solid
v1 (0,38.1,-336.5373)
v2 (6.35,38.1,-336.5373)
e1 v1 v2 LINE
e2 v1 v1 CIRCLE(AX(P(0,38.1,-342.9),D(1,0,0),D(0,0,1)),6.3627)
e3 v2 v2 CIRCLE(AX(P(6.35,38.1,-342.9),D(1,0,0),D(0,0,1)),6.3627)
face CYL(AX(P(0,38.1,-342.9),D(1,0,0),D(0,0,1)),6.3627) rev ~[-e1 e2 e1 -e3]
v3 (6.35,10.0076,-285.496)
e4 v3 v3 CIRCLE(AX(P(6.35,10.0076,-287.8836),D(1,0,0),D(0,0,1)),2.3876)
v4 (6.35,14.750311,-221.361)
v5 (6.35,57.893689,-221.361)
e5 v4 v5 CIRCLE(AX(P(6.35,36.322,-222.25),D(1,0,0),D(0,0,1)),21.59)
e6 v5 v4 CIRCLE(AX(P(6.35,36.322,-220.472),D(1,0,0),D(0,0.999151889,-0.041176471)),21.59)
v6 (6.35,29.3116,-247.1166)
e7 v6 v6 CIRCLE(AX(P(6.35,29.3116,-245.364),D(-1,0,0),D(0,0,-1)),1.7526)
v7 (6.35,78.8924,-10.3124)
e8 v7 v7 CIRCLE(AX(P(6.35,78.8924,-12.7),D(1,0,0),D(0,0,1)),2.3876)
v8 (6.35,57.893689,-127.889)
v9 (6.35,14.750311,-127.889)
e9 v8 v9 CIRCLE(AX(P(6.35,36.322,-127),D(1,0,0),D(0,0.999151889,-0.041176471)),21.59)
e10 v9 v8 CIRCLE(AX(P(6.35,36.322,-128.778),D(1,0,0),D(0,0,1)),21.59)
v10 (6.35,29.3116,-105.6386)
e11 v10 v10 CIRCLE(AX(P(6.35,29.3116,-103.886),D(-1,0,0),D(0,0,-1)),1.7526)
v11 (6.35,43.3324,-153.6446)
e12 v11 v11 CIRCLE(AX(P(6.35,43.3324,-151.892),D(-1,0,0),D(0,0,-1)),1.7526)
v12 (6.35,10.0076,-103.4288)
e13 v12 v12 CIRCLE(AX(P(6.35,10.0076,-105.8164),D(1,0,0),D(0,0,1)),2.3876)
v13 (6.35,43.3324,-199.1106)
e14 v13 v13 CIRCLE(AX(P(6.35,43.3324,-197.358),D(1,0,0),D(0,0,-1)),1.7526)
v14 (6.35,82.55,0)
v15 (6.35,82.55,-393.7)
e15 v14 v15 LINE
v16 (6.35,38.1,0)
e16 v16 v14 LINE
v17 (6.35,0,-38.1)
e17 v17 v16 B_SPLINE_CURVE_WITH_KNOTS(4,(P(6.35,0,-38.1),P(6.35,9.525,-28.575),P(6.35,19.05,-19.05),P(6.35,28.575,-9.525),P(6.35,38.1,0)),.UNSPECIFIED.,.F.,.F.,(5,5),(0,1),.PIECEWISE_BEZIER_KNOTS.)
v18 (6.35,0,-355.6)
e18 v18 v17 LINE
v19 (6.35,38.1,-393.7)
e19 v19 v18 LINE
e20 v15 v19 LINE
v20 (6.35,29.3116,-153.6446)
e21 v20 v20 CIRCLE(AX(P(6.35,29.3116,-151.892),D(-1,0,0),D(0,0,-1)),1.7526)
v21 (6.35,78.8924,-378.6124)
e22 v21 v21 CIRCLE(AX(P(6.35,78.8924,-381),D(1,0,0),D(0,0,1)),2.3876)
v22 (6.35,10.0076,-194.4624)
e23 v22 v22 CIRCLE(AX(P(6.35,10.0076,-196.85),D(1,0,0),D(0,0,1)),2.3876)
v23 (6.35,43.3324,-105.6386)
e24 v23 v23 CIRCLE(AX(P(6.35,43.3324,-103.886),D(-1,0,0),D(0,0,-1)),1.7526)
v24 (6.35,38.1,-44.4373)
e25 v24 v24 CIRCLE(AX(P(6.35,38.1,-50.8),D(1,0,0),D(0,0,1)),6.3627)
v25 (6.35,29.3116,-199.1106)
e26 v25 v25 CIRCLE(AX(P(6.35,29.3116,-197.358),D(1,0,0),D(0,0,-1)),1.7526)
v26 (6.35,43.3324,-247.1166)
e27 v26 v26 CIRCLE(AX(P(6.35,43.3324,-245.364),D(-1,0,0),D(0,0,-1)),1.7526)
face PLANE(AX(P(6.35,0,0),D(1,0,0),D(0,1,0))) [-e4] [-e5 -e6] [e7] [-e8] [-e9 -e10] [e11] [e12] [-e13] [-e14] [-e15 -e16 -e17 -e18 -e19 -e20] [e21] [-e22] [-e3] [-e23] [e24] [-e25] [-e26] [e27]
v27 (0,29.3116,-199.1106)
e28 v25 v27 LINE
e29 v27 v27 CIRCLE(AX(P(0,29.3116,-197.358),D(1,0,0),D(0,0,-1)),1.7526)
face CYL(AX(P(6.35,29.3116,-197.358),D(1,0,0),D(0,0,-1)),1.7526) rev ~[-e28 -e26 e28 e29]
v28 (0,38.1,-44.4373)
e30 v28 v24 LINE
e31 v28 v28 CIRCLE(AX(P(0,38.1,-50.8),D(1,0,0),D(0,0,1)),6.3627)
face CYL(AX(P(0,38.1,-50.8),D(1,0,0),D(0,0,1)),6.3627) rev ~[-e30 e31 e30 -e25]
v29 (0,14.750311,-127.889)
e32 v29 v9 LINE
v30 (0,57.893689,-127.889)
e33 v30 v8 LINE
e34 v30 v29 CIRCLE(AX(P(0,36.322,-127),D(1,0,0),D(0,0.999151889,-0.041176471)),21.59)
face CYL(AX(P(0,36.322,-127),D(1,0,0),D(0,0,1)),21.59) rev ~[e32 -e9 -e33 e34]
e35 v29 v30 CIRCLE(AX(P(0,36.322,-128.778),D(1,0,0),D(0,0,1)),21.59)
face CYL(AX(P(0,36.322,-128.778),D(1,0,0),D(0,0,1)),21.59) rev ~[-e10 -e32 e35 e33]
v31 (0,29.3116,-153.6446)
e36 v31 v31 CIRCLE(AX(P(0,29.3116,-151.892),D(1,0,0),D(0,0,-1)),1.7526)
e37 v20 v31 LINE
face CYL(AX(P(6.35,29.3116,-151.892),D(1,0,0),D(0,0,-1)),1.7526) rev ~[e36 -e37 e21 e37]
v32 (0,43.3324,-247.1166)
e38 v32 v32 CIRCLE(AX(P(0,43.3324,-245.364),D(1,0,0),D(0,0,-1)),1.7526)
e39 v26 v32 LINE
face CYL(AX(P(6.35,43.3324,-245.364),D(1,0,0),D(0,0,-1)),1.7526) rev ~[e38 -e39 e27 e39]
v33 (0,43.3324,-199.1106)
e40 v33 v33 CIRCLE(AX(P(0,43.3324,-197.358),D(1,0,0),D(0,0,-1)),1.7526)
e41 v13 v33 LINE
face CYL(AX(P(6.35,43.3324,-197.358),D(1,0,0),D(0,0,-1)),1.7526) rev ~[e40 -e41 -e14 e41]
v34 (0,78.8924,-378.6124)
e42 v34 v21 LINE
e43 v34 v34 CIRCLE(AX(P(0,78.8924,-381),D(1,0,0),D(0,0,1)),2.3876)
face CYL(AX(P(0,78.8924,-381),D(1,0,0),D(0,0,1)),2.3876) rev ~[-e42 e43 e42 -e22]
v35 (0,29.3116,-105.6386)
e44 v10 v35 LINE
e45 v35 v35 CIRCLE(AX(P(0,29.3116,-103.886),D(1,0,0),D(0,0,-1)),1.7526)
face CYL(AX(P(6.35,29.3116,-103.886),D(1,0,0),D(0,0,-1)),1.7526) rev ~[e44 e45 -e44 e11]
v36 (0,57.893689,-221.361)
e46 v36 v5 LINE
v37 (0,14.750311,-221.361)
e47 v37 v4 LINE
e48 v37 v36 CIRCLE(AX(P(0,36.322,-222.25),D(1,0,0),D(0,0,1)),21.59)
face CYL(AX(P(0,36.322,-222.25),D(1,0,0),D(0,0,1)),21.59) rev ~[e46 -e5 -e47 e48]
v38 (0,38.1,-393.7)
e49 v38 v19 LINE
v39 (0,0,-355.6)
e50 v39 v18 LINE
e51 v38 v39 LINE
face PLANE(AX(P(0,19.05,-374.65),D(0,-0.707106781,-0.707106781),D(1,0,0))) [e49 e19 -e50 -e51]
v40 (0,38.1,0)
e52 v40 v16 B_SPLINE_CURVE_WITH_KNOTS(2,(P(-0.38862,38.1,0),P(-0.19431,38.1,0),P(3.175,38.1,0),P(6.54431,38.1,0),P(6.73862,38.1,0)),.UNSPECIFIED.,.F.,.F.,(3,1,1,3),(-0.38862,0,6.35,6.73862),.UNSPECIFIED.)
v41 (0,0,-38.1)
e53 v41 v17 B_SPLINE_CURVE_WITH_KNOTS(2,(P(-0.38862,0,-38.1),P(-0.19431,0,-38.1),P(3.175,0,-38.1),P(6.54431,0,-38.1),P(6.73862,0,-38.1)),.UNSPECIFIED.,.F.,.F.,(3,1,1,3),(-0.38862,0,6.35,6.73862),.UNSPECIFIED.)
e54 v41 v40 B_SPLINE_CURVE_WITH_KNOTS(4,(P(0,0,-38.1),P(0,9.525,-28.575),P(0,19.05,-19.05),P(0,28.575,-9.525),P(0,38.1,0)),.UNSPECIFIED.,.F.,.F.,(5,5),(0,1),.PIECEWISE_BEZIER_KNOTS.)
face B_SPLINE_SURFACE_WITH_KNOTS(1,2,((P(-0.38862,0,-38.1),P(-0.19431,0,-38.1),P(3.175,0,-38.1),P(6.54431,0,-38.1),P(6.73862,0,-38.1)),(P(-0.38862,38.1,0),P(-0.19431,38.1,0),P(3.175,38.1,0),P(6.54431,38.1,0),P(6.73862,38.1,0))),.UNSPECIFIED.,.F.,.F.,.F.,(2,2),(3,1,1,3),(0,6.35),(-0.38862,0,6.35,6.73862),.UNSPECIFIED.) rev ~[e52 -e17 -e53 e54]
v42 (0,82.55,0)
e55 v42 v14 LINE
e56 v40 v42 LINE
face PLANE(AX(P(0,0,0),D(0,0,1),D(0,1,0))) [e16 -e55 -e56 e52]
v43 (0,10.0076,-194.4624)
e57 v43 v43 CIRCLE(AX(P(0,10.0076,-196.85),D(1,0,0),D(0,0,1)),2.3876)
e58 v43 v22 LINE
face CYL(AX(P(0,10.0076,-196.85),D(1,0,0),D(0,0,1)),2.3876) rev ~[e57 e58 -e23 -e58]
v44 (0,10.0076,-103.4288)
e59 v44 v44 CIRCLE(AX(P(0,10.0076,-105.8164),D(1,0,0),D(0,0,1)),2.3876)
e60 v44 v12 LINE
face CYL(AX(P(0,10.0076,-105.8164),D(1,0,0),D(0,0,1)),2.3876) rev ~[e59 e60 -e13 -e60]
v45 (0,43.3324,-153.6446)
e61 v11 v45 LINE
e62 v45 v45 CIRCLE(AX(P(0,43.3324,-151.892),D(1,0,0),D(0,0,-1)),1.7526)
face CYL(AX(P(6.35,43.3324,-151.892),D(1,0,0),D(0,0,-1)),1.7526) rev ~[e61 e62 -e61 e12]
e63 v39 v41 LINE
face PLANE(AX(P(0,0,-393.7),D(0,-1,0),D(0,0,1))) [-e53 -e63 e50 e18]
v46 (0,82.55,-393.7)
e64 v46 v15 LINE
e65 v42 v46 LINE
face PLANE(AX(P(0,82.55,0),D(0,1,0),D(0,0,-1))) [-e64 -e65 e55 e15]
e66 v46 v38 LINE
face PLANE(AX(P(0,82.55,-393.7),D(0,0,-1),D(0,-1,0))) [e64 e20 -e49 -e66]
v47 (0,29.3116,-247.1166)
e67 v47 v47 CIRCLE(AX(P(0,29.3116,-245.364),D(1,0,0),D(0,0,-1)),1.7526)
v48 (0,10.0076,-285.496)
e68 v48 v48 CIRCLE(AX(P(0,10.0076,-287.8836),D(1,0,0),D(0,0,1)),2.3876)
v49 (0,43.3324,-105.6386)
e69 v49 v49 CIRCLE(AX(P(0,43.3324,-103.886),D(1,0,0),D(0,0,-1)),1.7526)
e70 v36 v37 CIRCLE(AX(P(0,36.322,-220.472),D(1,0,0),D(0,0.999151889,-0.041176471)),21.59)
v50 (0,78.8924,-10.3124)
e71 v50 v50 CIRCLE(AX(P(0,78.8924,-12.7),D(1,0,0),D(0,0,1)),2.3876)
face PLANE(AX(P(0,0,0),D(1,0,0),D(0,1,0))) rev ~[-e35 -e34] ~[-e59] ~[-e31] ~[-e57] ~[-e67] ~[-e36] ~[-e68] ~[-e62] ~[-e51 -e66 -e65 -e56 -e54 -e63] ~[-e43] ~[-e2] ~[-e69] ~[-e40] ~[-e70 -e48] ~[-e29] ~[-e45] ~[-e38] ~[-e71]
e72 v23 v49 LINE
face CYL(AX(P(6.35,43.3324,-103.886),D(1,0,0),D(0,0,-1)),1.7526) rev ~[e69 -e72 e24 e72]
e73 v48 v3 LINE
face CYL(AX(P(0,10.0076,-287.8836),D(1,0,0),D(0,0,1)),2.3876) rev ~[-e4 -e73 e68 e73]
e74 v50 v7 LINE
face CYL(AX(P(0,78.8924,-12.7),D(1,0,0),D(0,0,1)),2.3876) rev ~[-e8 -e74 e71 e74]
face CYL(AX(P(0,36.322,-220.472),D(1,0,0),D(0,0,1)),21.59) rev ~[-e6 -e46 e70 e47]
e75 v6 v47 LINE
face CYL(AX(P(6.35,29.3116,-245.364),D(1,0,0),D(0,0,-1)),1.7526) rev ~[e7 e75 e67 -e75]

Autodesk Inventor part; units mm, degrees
ref_plane "YZ Plane" through (0, 0, 0) normal (1, 0, 0) x (0, 1, 0)
ref_plane "XZ Plane" through (0, 0, 0) normal (0, 1, 0) x (-1, 0, 0)
ref_plane "XY Plane" through (0, 0, 0) normal (0, 0, 1) x (1, 0, 0)
sketch "Sketch1" plane through (0, 0, 0) normal (1, 0, 0) x (0, 1, 0)
  line L0 (444.5, 0) -> (444.5, -2.1042)
  line L1 (0, -2.1042) -> (0, 0)
  line L2 (0, -74.1174) -> (0, -66.8433)
  line L3 (0, 0) -> (82.55, 0)
  line L4 (82.55, 0) -> (82.55, -393.7)
  line L5 (82.55, -393.7) -> (0, -393.7)
  line L6 (0, -393.7) -> (0, 0)
  point P0 (25.4, -50.8)
  point P1 (25.4, -342.9)
  dimension "d2" = 82.55
  dimension "d3" = 393.7
  dimension "d4" = 50.8
  dimension "d5" = 25.4
  dimension "d6" = 50.8
  dimension "d7" = 25.4
extrude "Extrusion1" add sketch "Sketch1" along normal blind 6.35
sketch "Sketch3" plane through (6.35, 0, 0) normal (1, 0, 0) x (0, 0, -1)
  point P0 (0, 0)
sketch "Sketch4" plane through (6.35, 0, 0) normal (1, 0, 0) x (0, 0, -1)
  point P0 (0, 0)
chamfer "Chamfer1" distance 38.1 angle 45 1 edges at (3.175, 0, 0)
chamfer "Chamfer2" distance 38.1 angle 45 1 edges at (3.175, 0, -393.7)
sketch "Sketch5" plane through (0, 0, 0) normal (-1, 0, 0) x (0, 0, 1)
  line L0 (0, 82.55) -> (-393.7, 82.55) projected
  line L1 (-355.6, 0) -> (-393.7, 38.1) projected
  line L2 (-355.6, 0) -> (-38.1, 0) projected
  line L3 (0, 38.1) -> (-38.1, 0) projected
  line L4 (0, 38.1) -> (0, 82.55) projected
  line L5 (0, 82.55) -> (-393.7, 82.55) projected
  line L6 (-393.7, 82.55) -> (-393.7, 38.1) projected
  point P0 (0, 0)
  point P1 (-342.9, 38.1)
  point P2 (-50.8, 38.1)
  dimension "d16" = 50.8
  dimension "d17" = 38.1
  dimension "d18" = 38.1
  dimension "d19" = 50.8
hole "Hole1" at (0, 38.1, -342.9) at (0, 38.1, -50.8) direction (1, 0, 0) diameter 12.7254 end through all
sketch "Sketch7" plane through (0, 0, 0) normal (-1, 0, 0) x (0, 0, 1)
  line L0 (-38.1, 0) -> (-355.6, 0) projected
  line L1 (-393.7, 82.55) -> (-393.7, 38.1) projected
  line L2 (0, 38.1) -> (0, 82.55) projected
  line L3 (0, 82.55) -> (-393.7, 82.55) projected
  point P0 (0, 0)
  point P1 (-298.45, 10.0076)
  point P2 (-95.25, 10.0076)
  point P3 (-12.7, 78.8924)
  point P4 (-381, 78.8924)
  dimension "d42" = 10.0076
  dimension "d43" = 95.25
  dimension "d44" = 95.25
  dimension "d45" = 3.6576
  dimension "d46" = 12.7
  dimension "d47" = 12.7
  dimension "d82" = 3.6576
hole "Hole3" at (0, 78.8924, -381) at (0, 78.8924, -12.7) direction (1, 0, 0) diameter 4.7752 end through all
sketch "Sketch8" plane through (0, 0, 0) normal (-1, 0, 0) x (0, 0, 1)
  line L0 (0, 38.1) -> (0, 82.55) projected
  line L1 (0, 82.55) -> (-393.7, 82.55) projected
  line L2 (-355.6, 0) -> (-38.1, 0) projected
  point P0 (0, 0)
  point P1 (-196.85, 78.8924)
  point P2 (-196.85, 10.0076)
  dimension "d55" = 196.85
  dimension "d56" = 3.6576
  dimension "d57" = 10.0076
sketch "Sketch9" plane through (0, 0, 0) normal (-1, 0, 0) x (0, 0, 1)
  line L0 (-355.6, 0) -> (-38.1, 0) projected
  line L1 (-393.7, 82.55) -> (-393.7, 38.1) projected
  line L2 (0, 38.1) -> (0, 82.55) projected
  point P0 (0, 0)
  point P1 (-287.8836, 10.0076)
  point P2 (-105.8164, 10.0076)
  dimension "d58" = 10.0076
  dimension "d59" = 105.8164
  dimension "d60" = 105.8164
hole "Hole4" at (0, 10.0076, -196.85) direction (1, 0, 0) diameter 4.7752 end through all
hole "Hole5" at (0, 10.0076, -105.8164) at (0, 10.0076, -287.8836) direction (1, 0, 0) diameter 4.7752 end through all
sketch "Sketch10" plane through (0, 0, 0) normal (-1, 0, 0) x (0, 0, 1)
  circle A0 centre (-222.25, 36.322) radius 1.778
  circle A1 centre (-127, 36.322) radius 1.778
  line L0 (-393.7, 82.55) -> (0, 82.55) projected
  line L1 (-114.3619, 67.6125) -> (-112.4836, 67.6125)
  point P0 (0, 0)
  point P1 (-220.472, 36.322)
  point P2 (-128.778, 36.322)
  dimension "d108" = 46.228
  dimension "d109" = 46.228
hole "Hole6" at (0, 36.322, -127) at (0, 36.322, -220.472) at (0, 36.322, -128.778) at (0, 36.322, -222.25) direction (1, 0, 0) diameter 43.18 end through all
sketch "Sketch14" plane through (6.35, 0, 0) normal (1, 0, 0) x (0, 0, -1)
  arc A0 (127.889, 57.8937) -> (127.889, 14.7503) centre (127, 36.322) ccw projected
  arc A1 (127.889, 14.7503) -> (127.889, 57.8937) centre (128.778, 36.322) ccw projected
  arc A2 (221.361, 57.8937) -> (221.361, 14.7503) centre (220.472, 36.322) ccw projected
  arc A3 (221.361, 14.7503) -> (221.361, 57.8937) centre (222.25, 36.322) ccw projected
  line L0 (127.889, 57.8937) -> (127.889, 14.7503)
  line L1 (96.03, 36.322) -> (156.5626, 36.322)
  line L2 (221.361, 57.8937) -> (221.361, 14.7503)
  line L3 (190.5646, 36.322) -> (248.6345, 36.322)
  line L4 (127.889, 36.322) -> (103.886, 36.322)
  line L5 (103.886, 36.322) -> (103.886, 43.3324)
  line L6 (103.886, 43.3324) -> (103.886, 36.322)
  line L7 (103.886, 36.322) -> (103.886, 29.3116)
  line L8 (127.889, 36.322) -> (151.892, 36.322)
  line L9 (151.892, 36.322) -> (151.892, 29.3116)
  line L10 (151.892, 36.322) -> (151.892, 43.3324)
  line L11 (221.361, 43.3324) -> (197.358, 43.3324)
  line L12 (221.361, 43.3324) -> (245.364, 43.3324)
  line L13 (221.361, 29.3116) -> (197.358, 29.3116)
  line L14 (221.361, 29.3116) -> (245.364, 29.3116)
  circle A4 centre (103.886, 29.3116) radius 1.7526
  circle A5 centre (103.886, 43.3324) radius 1.7526
  circle A6 centre (151.892, 43.3324) radius 1.7526
  circle A7 centre (151.892, 29.3116) radius 1.7526
  circle A8 centre (197.358, 43.3324) radius 1.7526
  circle A9 centre (197.358, 29.3116) radius 1.7526
  circle A10 centre (245.364, 29.3116) radius 1.7526
  circle A11 centre (245.364, 43.3324) radius 1.7526
  point P0 (0, 0)
  dimension "d113" = 24.003
  dimension "d114" = 7.0104
  dimension "d115" = 7.0104
  dimension "d116" = 24.003
  dimension "d117" = 24.003
  dimension "d118" = 24.003
  dimension "d119" = 3.5052
  dimension "d120" = 3.5052
  dimension "d121" = 3.5052
  dimension "d122" = 3.5052
  dimension "d123" = 3.5052
extrude "Extrusion2" cut sketch "Sketch14" against normal blind 25.4 contours A6 | A7 | A4 | A5 | A11 | A10 | A9 | A8
properties part number "DriveTrainPlate"
